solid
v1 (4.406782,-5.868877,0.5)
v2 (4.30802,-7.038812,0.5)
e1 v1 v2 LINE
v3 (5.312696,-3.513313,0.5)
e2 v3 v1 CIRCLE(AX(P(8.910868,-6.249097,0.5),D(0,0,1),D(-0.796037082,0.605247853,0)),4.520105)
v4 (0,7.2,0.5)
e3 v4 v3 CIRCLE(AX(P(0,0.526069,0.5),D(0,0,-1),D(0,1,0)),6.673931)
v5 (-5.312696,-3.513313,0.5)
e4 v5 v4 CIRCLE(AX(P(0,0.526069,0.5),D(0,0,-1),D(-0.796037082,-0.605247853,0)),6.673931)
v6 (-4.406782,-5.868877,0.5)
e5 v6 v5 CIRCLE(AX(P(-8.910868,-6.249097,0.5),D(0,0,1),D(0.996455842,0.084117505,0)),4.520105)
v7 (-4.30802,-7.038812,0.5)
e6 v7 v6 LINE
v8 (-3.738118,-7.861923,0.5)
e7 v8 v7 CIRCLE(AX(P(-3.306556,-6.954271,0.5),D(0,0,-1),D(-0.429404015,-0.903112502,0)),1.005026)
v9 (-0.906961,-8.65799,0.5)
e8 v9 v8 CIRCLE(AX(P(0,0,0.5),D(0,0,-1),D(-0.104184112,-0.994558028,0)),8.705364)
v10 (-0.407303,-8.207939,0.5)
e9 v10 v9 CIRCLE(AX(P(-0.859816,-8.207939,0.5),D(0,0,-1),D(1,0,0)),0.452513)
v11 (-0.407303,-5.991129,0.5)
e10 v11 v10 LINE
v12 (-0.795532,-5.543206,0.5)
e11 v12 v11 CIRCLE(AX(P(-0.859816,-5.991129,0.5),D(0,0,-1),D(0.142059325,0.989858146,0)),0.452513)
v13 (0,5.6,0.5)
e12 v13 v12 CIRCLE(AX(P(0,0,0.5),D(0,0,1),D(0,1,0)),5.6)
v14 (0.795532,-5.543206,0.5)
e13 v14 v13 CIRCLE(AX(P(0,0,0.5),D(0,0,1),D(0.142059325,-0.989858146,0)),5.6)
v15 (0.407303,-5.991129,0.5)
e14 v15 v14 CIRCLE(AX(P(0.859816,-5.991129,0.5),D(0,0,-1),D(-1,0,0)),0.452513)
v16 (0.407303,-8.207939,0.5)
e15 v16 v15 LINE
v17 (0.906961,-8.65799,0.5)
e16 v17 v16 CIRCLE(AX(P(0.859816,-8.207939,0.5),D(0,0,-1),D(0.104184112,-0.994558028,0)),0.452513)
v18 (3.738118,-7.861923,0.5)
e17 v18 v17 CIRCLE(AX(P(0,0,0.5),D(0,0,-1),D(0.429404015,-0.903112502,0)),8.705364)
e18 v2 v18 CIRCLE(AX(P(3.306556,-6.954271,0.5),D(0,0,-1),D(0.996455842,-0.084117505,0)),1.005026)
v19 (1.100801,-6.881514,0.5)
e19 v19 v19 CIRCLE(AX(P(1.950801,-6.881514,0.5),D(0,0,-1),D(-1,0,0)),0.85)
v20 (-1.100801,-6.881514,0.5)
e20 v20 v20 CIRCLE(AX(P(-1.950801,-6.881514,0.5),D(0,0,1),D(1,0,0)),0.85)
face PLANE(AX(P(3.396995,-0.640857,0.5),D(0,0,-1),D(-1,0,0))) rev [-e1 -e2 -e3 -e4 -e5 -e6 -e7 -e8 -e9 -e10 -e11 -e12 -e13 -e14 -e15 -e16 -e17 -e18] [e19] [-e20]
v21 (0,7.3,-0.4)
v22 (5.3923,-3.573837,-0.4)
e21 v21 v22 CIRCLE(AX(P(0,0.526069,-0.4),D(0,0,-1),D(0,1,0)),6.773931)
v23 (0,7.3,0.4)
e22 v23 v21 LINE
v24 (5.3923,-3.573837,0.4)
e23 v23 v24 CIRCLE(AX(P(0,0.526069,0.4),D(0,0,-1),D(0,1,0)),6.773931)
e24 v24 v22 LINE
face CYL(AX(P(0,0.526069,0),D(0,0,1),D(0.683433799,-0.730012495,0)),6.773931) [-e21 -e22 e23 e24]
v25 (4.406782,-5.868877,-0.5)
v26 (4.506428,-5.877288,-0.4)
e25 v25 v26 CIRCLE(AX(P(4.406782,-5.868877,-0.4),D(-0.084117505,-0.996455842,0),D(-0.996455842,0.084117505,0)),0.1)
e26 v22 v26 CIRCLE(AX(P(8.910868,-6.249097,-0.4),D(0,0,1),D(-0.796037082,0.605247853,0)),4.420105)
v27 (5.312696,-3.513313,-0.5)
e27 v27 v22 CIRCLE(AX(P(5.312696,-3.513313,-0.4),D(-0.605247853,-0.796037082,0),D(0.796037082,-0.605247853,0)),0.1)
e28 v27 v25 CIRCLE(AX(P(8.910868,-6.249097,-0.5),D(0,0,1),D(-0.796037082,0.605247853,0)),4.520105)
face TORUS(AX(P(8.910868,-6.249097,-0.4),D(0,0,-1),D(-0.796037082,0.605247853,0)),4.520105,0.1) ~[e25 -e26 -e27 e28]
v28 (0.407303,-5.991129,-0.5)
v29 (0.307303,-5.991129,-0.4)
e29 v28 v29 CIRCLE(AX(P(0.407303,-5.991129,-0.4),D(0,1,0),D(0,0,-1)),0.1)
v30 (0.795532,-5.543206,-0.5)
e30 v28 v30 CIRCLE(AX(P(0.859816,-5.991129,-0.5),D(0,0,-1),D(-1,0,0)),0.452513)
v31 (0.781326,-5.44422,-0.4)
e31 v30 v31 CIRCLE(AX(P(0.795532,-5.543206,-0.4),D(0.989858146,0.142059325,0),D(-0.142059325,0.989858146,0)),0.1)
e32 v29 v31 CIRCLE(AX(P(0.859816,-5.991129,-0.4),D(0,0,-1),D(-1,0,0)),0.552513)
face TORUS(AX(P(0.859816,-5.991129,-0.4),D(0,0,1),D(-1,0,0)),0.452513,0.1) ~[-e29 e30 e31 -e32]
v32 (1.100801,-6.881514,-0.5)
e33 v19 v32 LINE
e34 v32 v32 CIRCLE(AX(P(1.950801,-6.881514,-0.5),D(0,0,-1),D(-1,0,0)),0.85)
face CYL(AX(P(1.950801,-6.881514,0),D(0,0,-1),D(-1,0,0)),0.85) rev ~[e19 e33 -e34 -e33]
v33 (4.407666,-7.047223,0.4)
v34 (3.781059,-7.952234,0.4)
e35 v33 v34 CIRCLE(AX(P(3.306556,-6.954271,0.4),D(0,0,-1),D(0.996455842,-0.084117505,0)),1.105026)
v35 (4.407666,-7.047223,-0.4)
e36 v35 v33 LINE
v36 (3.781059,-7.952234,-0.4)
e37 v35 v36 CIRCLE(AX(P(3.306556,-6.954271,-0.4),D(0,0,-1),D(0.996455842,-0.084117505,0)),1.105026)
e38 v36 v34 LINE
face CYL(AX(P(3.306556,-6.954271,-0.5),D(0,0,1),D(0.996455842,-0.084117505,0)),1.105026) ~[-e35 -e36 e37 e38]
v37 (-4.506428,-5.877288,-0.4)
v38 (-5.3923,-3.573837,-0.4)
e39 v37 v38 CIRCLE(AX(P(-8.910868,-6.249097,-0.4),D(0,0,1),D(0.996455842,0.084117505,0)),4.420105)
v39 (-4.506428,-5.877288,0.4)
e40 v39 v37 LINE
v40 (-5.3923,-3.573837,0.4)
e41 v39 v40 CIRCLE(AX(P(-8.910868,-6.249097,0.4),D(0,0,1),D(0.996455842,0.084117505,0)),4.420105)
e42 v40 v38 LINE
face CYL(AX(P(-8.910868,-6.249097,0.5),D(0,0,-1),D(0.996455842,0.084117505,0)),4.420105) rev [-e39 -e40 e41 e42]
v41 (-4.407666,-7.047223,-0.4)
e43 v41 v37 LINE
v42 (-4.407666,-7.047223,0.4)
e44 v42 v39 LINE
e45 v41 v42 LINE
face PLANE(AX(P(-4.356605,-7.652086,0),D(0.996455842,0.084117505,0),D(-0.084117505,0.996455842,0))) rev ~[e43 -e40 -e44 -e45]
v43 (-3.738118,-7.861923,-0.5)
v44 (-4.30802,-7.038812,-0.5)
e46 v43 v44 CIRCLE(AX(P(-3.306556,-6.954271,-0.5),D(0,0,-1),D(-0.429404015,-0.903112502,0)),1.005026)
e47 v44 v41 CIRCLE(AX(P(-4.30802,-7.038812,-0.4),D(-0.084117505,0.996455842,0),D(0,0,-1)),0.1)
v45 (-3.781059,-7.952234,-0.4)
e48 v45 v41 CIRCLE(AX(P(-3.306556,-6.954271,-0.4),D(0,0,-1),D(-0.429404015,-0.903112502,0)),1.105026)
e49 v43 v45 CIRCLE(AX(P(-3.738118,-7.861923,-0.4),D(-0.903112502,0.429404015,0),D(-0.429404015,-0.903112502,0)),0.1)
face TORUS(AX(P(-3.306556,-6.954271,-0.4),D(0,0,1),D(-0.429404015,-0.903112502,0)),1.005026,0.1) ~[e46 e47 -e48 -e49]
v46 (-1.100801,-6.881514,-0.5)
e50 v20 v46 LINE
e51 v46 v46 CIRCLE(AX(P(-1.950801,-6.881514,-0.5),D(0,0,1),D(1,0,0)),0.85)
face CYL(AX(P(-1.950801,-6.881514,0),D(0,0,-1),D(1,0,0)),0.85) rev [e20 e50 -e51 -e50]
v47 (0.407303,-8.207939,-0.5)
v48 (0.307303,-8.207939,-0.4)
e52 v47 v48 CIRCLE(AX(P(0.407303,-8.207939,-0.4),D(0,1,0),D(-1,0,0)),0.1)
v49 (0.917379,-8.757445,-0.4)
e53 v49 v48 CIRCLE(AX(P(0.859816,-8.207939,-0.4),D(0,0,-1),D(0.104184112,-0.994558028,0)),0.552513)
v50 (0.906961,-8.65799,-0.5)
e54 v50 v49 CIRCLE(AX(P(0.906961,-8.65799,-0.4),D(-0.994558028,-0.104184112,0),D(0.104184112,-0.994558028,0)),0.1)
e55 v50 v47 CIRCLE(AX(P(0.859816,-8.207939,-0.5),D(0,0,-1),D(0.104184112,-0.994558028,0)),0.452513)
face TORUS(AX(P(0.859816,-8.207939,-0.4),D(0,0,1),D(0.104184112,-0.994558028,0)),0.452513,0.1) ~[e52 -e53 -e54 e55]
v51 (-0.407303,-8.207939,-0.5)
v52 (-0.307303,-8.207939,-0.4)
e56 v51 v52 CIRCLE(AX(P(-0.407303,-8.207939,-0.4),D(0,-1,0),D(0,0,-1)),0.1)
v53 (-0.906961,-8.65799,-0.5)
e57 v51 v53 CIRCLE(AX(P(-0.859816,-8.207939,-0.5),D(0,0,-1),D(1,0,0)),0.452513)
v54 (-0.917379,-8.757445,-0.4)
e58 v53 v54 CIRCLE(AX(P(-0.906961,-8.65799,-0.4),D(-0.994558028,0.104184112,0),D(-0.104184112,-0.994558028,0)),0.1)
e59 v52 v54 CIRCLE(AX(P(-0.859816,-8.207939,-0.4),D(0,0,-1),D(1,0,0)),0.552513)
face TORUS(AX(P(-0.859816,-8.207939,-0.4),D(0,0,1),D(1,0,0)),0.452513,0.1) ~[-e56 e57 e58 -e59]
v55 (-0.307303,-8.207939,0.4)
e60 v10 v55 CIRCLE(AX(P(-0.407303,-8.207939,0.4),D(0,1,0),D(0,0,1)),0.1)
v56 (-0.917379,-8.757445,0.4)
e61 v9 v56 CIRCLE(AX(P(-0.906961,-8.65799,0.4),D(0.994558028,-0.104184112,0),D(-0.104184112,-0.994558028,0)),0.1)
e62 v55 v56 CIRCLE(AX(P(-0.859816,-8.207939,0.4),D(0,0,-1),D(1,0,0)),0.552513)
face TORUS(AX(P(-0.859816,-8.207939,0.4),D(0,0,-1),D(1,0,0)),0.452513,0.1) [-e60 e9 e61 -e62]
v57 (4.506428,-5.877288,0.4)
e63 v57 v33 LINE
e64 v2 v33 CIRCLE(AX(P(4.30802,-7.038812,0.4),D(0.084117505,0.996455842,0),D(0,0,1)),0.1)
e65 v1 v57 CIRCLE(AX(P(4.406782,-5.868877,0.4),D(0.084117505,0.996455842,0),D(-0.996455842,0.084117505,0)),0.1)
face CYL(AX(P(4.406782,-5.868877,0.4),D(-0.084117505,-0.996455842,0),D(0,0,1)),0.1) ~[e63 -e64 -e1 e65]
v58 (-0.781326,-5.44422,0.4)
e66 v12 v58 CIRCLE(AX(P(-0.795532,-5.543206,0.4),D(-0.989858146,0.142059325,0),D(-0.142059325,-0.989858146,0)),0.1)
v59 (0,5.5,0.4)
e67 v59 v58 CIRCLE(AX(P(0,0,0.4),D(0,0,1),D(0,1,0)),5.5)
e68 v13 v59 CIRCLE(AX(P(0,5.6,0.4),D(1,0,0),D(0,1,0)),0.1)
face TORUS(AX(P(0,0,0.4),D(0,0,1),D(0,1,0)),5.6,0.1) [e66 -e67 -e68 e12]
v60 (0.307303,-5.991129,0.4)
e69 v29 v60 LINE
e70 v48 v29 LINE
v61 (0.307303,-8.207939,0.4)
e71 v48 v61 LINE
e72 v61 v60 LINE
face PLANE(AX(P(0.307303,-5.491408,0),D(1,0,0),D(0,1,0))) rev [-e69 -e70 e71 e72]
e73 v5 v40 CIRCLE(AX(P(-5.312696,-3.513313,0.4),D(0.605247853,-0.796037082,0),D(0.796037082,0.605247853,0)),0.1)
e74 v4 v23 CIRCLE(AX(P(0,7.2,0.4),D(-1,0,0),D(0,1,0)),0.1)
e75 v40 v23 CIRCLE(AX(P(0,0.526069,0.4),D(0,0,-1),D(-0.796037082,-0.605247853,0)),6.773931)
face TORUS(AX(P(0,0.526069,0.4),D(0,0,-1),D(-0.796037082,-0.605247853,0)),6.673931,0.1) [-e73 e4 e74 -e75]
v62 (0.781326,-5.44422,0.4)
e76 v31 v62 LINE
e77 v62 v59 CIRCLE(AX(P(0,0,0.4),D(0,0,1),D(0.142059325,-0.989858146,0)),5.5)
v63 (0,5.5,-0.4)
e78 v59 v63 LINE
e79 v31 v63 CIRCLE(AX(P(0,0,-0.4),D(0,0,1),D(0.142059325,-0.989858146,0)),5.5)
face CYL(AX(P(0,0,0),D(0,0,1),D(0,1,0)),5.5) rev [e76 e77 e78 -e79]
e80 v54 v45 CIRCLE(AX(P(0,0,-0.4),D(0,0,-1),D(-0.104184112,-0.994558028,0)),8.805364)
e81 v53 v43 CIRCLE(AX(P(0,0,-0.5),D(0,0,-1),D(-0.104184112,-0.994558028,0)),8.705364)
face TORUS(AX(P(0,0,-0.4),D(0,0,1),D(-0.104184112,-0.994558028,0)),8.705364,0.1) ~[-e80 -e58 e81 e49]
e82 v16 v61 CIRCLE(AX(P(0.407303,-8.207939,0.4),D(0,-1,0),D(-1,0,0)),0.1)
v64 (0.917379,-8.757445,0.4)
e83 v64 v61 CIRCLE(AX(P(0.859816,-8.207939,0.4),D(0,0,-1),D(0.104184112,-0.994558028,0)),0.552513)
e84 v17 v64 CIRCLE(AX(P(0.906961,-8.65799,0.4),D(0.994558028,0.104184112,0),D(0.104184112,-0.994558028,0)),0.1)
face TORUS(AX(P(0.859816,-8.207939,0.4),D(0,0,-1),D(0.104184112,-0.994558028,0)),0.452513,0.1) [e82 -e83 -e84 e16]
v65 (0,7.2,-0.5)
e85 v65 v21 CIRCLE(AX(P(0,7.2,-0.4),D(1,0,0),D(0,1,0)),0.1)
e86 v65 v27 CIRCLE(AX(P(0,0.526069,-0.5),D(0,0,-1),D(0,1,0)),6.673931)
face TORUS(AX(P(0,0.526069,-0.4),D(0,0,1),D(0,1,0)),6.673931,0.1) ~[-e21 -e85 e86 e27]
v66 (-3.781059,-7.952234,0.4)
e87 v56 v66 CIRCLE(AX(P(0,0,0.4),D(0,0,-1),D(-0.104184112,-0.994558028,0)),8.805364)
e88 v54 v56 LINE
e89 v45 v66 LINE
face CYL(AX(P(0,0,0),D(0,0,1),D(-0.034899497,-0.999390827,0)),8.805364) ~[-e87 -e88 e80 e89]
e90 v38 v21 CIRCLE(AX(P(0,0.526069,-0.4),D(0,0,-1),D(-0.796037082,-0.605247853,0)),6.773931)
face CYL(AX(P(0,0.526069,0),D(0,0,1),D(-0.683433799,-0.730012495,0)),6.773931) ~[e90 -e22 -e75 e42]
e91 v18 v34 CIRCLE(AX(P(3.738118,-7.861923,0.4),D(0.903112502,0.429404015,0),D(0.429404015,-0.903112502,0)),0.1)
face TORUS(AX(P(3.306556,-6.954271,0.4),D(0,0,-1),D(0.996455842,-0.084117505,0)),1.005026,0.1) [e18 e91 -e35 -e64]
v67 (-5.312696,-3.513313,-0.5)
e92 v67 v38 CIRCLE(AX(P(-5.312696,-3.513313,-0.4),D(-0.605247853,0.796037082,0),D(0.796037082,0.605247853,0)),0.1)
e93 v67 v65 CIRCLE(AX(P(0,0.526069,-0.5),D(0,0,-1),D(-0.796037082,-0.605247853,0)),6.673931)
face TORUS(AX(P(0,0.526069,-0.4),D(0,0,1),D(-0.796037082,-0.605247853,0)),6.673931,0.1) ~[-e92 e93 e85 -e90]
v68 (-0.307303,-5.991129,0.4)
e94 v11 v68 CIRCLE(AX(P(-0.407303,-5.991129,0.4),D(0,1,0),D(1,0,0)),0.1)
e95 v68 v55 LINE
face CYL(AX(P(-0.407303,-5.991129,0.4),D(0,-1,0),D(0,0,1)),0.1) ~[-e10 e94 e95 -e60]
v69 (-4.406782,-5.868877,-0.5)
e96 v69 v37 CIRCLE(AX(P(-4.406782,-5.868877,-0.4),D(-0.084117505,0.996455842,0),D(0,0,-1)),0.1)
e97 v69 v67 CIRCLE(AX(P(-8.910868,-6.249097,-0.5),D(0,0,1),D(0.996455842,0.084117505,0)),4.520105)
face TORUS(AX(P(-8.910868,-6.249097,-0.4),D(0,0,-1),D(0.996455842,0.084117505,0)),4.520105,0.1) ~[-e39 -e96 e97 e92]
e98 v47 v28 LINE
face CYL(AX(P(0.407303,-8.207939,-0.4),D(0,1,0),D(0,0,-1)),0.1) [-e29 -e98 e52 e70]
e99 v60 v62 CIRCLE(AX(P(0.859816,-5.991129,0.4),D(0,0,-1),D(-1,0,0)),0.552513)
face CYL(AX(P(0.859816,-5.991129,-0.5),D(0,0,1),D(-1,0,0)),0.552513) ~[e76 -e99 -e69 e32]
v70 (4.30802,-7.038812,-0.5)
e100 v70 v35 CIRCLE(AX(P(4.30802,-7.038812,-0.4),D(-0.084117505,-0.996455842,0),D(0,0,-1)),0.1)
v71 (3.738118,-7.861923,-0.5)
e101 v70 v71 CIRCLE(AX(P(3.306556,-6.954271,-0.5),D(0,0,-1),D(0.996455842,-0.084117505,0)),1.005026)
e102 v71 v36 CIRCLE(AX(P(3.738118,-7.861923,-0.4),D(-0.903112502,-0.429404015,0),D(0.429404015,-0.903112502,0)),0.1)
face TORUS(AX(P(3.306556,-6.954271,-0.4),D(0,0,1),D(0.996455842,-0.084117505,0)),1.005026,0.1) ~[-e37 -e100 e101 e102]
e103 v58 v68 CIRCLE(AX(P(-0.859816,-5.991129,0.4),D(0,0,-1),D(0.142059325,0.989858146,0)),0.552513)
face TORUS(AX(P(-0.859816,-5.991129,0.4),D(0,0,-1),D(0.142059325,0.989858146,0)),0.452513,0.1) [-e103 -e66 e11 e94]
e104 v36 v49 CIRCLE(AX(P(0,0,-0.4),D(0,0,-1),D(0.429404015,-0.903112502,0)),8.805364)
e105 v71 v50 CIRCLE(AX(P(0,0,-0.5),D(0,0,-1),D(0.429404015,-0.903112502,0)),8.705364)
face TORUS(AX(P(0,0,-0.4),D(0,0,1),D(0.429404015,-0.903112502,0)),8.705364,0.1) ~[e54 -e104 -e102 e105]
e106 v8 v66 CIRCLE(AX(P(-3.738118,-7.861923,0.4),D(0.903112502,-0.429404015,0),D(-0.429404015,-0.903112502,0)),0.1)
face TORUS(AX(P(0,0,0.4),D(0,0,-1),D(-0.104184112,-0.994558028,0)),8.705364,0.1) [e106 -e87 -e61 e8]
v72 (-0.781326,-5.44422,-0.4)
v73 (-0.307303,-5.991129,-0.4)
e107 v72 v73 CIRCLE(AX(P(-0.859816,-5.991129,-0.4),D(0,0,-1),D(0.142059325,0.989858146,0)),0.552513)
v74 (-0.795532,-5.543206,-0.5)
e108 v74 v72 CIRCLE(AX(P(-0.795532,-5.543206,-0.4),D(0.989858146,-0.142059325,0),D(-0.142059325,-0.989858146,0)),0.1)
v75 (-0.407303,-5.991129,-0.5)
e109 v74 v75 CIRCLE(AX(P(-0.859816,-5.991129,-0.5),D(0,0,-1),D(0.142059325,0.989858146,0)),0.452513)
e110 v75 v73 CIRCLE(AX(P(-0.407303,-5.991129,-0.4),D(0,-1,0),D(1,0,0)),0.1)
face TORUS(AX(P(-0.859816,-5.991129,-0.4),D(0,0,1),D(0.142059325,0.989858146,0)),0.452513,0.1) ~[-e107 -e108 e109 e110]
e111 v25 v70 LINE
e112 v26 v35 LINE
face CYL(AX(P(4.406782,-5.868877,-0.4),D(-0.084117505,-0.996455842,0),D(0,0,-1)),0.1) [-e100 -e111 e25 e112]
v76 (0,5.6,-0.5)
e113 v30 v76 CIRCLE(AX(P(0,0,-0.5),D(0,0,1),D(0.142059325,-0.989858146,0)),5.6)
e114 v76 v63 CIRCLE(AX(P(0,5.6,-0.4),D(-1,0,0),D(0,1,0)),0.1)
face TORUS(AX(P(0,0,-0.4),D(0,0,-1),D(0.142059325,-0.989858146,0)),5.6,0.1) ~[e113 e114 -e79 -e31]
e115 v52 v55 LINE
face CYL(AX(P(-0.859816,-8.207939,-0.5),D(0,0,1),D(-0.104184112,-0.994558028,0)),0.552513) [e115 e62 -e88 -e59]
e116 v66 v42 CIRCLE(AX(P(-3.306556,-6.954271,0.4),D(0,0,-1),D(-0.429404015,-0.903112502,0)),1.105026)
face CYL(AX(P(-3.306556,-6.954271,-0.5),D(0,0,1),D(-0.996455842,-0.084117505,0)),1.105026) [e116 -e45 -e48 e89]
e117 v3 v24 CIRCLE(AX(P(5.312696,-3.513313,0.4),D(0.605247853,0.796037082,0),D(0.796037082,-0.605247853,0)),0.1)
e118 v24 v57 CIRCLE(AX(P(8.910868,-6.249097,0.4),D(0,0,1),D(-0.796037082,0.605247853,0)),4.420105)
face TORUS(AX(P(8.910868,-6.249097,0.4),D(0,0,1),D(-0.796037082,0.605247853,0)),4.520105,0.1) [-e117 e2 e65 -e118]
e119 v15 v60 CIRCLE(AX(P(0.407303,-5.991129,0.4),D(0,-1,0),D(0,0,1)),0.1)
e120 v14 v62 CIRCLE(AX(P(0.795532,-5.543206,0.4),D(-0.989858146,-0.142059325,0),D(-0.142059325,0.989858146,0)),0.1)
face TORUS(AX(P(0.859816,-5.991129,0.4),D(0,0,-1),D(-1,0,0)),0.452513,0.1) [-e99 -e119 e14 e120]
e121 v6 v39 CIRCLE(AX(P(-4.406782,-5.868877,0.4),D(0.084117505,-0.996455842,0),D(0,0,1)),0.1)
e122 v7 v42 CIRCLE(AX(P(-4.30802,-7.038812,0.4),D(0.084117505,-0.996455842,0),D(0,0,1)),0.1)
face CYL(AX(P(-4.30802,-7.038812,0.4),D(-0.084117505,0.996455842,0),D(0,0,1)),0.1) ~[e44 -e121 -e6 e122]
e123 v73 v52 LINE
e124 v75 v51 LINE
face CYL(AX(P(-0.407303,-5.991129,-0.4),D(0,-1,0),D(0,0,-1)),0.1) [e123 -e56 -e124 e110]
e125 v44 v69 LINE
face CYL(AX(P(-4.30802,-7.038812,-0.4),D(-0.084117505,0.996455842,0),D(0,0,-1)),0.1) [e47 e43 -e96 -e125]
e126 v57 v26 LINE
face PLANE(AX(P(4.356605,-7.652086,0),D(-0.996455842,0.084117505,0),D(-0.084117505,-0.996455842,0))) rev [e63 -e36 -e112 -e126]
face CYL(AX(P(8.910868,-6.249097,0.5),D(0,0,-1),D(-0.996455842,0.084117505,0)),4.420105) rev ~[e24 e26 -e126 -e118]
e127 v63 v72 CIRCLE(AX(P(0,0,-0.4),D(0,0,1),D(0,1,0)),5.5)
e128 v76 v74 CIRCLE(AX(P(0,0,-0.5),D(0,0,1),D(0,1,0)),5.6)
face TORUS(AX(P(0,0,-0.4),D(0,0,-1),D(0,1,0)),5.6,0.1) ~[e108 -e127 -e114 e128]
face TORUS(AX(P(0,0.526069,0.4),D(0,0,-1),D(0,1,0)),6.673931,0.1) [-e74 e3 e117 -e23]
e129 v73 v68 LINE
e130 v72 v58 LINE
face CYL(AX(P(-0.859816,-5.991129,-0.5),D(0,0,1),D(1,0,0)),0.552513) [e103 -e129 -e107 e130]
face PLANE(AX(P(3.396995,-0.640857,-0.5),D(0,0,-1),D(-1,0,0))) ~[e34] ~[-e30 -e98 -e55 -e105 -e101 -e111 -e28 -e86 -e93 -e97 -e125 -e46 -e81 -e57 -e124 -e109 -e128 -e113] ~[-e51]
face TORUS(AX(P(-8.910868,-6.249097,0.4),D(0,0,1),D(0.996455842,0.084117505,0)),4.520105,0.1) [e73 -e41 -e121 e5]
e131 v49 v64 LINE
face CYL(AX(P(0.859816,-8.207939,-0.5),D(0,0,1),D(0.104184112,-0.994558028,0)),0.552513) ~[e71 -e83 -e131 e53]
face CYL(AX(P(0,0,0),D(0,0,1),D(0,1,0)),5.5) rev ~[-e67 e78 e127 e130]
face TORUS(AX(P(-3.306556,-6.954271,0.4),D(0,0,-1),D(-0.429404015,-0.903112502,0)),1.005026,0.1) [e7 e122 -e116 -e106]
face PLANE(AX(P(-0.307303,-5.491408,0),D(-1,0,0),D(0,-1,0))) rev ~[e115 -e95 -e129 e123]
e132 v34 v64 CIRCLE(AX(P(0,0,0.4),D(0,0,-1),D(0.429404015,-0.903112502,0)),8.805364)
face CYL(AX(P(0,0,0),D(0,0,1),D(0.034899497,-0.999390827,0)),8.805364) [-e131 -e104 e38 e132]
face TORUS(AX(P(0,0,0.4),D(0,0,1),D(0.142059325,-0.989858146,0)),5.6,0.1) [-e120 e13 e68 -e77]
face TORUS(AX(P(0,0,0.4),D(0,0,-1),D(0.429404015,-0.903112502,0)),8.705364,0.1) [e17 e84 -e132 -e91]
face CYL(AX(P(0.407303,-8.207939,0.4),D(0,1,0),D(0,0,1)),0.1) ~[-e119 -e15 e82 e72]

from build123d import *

# Parameters (mm, degrees)
SKETCH2_R           = 0.85
BOSS_EXTRUDE1_DEPTH = 0.5
FILLET1_R           = 4.420105279
FILLET2_R           = 1.10502632
FILLET3_R           = 0.55251316
FILLET4_R           = 0.1


with BuildPart() as part:
    # Sketch2 → Boss-Extrude1 (new, symmetric)
    with BuildSketch(Plane.XY):
        with BuildLine():
            Line((-4.356605307, -7.652086329), (-4.62953307, -4.418984448))
            ThreePointArc((-4.62953307, -4.418984448), (-6.300142319, 3.014912885), (0, 7.3))
            Line((0, 7.3), (0, 5.5))
            ThreePointArc((0, 5.5), (-5.497851653, 0.153711427), (-0.307302772, -5.49140829))
            Line((-0.307302772, -5.49140829), (-0.307302772, -8.8))
            ThreePointArc((-0.307302772, -8.8), (-2.401548686, -8.471540527), (-4.356605307, -7.652086329))
        make_face()
        with Locations((-1.950801133, -6.88151398)):
            Circle(SKETCH2_R, mode=Mode.SUBTRACT)
    extrude(amount=BOSS_EXTRUDE1_DEPTH, both=True)

    # Fillet1
    fillet1_edges = [part.edges().sort_by_distance(p)[0] for p in [
        (-4.62953307, -4.418984448, 0),
    ]]
    fillet(fillet1_edges, radius=FILLET1_R)

    # Fillet2
    fillet2_edges = [part.edges().sort_by_distance(p)[0] for p in [
        (-4.356605307, -7.652086329, 0),
    ]]
    fillet(fillet2_edges, radius=FILLET2_R)

    # Fillet3
    fillet3_edges = [part.edges().sort_by_distance(p)[0] for p in [
        (-0.307302772, -5.49140829, 0),
        (-0.307302772, -8.8, 0),
    ]]
    fillet(fillet3_edges, radius=FILLET3_R)

    # Mirror1: part across plane


with BuildPart() as part_1:
    add(part.part)
    add(part.part.mirror(Plane(origin=(0, 7.3, 0.5), x_dir=(0, 0, 1), z_dir=(-1, 0, 0))))

    # Fillet4
    fillet4_edges = [part_1.edges().sort_by_distance(p)[0] for p in [
        (-4.457046859, -6.462255855, -0.5),
        (-4.457046859, -6.462255855, 0.5),
        (-4.785339351, -4.662481605, -0.5),
        (-4.785339351, -4.662481605, 0.5),
        (-2.383468143, -8.476645245, -0.5),
        (-2.383468143, -8.476645245, 0.5),
        (-4.215071218, -7.583304692, -0.5),
        (-4.215071218, -7.583304692, 0.5),
        (-0.307302772, -7.099534249, -0.5),
        (-0.307302772, -7.099534249, 0.5),
        (5.486037227, 0.391657438, -0.5),
        (-0.442301049, -5.629256388, -0.5),
        (-0.490041388, -8.618472332, -0.5),
        (6.06871565, 3.535525424, 0.5),
        (0, 5.5, 0.5),
        (-0.442301049, -5.629256388, 0.5),
        (-0.490041388, -8.618472332, 0.5),
        (0.307302772, -7.099534249, -0.5),
        (4.457046859, -6.462255855, -0.5),
        (2.383468143, -8.476645245, -0.5),
        (4.457046859, -6.462255855, 0.5),
        (2.383468143, -8.476645245, 0.5),
        (0.307302772, -7.099534249, 0.5),
        (4.785339351, -4.662481605, 0.5),
        (4.785339351, -4.662481605, -0.5),
        (4.215071218, -7.583304692, 0.5),
        (4.215071218, -7.583304692, -0.5),
        (0.490041388, -8.618472332, 0.5),
        (0.490041388, -8.618472332, -0.5),
        (0.442301049, -5.629256388, 0.5),
        (0.442301049, -5.629256388, -0.5),
        (6.06871565, 3.535525424, -0.5),
    ]]
    fillet(fillet4_edges, radius=FILLET4_R)


solid = part_1.part
